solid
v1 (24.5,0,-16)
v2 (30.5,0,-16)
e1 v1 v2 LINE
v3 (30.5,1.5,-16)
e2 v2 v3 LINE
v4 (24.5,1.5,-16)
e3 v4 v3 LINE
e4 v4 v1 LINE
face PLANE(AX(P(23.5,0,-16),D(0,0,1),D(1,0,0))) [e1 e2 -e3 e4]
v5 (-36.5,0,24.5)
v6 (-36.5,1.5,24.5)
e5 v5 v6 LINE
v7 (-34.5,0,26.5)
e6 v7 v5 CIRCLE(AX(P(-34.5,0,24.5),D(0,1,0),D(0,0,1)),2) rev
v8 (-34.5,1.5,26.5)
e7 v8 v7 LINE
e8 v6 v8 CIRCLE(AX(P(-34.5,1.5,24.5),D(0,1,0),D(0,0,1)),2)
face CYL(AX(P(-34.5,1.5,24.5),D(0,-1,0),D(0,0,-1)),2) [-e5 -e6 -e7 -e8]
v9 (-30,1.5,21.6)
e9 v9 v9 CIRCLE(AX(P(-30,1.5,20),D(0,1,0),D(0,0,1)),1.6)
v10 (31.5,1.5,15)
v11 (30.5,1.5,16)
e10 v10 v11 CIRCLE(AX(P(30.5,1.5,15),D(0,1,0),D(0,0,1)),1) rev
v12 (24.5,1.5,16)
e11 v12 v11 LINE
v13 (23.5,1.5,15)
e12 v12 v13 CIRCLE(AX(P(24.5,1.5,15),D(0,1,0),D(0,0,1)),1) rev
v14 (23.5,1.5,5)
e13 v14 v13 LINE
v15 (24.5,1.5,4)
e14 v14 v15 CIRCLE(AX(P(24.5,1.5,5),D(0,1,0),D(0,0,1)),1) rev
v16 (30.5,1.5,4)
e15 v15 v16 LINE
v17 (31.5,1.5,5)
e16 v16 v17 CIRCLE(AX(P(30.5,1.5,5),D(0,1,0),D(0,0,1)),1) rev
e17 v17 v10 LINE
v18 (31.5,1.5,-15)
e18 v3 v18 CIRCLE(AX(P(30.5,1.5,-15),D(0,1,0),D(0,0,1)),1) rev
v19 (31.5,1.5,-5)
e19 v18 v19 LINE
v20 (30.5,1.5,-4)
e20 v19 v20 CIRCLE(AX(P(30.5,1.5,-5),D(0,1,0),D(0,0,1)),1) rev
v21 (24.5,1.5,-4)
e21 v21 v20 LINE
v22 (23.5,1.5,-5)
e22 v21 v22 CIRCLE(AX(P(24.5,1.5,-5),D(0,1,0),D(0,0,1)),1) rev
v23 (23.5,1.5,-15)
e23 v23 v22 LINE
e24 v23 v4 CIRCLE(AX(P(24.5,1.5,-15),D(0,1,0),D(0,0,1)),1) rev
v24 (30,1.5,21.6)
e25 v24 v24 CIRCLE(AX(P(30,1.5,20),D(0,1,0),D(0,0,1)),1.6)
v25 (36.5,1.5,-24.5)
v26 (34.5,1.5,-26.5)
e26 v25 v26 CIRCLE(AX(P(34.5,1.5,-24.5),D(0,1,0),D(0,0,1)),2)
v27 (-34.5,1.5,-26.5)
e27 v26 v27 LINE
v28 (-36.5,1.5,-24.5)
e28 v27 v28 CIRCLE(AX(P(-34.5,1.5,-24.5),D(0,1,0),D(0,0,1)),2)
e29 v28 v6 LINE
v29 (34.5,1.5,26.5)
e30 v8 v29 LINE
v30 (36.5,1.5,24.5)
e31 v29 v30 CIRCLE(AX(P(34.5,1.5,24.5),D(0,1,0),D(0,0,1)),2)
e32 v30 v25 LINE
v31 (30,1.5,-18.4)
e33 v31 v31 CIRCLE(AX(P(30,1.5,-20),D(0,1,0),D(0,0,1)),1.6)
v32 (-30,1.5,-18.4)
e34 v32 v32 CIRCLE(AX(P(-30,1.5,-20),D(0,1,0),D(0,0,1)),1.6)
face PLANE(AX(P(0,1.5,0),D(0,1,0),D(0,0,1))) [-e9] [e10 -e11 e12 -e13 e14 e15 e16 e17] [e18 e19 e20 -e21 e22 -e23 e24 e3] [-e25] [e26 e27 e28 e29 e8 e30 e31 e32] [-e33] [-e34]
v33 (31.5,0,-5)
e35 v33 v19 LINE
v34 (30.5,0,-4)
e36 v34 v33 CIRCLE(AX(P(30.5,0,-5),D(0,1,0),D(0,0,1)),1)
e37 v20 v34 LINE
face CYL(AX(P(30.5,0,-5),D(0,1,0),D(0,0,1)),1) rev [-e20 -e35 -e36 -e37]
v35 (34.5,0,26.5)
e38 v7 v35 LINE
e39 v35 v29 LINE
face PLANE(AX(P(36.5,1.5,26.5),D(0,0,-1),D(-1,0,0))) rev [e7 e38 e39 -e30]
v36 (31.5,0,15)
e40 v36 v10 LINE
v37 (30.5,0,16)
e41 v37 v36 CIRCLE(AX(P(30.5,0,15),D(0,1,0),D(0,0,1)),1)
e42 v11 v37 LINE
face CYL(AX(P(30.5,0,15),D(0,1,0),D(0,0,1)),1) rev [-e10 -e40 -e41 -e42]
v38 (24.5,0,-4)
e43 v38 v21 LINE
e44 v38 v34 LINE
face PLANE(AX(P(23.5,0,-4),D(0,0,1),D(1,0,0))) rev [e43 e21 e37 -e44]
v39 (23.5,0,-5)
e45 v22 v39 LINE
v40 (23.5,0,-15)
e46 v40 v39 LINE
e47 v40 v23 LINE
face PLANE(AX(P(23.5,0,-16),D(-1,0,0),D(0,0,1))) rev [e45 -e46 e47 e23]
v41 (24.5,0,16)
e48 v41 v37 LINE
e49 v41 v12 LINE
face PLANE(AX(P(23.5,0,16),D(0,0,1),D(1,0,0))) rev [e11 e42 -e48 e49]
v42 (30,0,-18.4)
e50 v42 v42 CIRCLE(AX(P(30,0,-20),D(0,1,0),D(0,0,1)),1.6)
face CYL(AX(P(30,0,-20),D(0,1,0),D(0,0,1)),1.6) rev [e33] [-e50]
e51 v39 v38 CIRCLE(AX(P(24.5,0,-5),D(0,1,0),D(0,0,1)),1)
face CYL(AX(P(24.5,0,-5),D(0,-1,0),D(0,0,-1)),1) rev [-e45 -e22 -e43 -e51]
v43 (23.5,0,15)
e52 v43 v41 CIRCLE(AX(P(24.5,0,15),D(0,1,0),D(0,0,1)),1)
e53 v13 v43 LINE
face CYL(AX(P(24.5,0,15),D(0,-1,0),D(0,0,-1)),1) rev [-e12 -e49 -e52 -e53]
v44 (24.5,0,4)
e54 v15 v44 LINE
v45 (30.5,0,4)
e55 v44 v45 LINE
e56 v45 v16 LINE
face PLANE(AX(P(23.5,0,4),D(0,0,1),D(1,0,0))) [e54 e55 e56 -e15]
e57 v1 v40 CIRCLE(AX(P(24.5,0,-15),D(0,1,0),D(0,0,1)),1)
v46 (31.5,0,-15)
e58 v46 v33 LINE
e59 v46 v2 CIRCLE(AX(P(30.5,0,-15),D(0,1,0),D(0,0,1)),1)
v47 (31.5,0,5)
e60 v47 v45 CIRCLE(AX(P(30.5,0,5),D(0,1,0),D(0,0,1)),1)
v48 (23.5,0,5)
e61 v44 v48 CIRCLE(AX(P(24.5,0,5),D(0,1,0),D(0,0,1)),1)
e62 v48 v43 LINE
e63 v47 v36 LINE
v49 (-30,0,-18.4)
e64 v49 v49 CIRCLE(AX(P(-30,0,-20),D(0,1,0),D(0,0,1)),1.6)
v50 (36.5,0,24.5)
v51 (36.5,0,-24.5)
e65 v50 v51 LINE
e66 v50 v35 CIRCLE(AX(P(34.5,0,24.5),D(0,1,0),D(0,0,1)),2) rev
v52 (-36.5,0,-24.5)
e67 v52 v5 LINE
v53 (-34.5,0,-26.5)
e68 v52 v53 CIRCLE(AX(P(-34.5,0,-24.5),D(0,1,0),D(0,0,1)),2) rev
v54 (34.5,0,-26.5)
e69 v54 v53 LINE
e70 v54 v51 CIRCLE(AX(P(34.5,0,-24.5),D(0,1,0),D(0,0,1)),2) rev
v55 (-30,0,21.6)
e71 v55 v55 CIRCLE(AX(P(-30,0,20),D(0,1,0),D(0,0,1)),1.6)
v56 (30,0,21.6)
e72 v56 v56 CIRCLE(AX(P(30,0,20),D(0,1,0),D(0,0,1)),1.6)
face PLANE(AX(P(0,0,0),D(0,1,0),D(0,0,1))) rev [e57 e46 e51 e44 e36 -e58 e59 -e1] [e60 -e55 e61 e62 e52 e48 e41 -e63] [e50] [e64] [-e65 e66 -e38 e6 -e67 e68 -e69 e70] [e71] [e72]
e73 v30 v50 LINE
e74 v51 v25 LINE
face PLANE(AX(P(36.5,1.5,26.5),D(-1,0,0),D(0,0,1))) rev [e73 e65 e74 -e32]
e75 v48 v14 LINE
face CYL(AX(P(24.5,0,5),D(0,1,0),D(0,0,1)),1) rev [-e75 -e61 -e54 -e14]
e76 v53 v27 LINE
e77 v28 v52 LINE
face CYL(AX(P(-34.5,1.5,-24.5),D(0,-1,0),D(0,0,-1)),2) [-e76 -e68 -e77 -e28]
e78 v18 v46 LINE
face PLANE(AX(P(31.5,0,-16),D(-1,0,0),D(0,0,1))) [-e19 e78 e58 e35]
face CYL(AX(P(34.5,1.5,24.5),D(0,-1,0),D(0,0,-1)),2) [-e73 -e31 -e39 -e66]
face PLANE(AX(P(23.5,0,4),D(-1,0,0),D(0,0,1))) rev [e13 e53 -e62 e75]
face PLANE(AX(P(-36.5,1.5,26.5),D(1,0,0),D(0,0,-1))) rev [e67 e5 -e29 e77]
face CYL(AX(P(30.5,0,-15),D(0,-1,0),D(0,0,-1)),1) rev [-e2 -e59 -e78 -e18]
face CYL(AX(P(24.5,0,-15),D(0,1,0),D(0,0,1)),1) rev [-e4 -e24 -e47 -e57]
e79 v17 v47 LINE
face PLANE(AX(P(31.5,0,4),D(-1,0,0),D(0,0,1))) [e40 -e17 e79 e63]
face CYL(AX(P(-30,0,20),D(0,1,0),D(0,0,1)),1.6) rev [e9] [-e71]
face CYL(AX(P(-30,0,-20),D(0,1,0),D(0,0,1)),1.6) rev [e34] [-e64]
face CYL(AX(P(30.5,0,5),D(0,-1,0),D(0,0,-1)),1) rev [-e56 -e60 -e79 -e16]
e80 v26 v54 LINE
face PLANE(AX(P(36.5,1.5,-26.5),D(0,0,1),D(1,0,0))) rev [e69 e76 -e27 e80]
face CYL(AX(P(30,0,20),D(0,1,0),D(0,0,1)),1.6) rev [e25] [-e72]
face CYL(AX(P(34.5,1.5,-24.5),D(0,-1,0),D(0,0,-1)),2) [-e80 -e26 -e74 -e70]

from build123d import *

# Parameters (mm, degrees)
SKETCH_1_W                     = 73
SKETCH_1_H                     = 53
EXTRUDE_1_DEPTH                = 1.5
FILLET_1_R                     = 2
SKETCH_2_R                     = 1.6
CUT_EXTRUDE_1_DEPTH            = 46.130366717
PATTERN_LINEAR_1_COUNT         = 2
PATTERN_LINEAR_1_PITCH         = 60
PATTERN_LINEAR_1_COUNT_DIR2    = 2
PATTERN_LINEAR_1_PITCH_DIR2    = 40
SKETCH_3_W                     = 8
SKETCH_3_H                     = 12
CUT_EXTRUDE_2_DEPTH            = 46.130366717
FILLET_2_R                     = 1
PATTERN_LINEAR_2_COUNT         = 2
PATTERN_LINEAR_2_PITCH         = 20
FILLET_2_OF_PATTERN_LINEAR_2_R = 1


with BuildPart() as part:
    # 草图1 → 凸台-拉伸1 (new body)
    with BuildSketch(Plane(origin=(0, 0, 0), x_dir=(1, 0, 0), z_dir=(0, 1, 0))):
        Rectangle(SKETCH_1_W, SKETCH_1_H)
    extrude(amount=EXTRUDE_1_DEPTH)

    # 圆角1
    fillet_1_edges = [part.edges().sort_by_distance(p)[0] for p in [
        (-36.5, 0.75, -26.5),
        (36.5, 0.75, -26.5),
        (36.5, 0.75, 26.5),
        (-36.5, 0.75, 26.5),
    ]]
    fillet(fillet_1_edges, radius=FILLET_1_R)

    # 草图2 → 切除-拉伸1 (cut, through all)
    with BuildSketch(Plane(origin=(0, 1.5, 0), x_dir=(1, 0, 0), z_dir=(0, 1, 0))):
        with Locations(Location((-30, 20, 0), (0, 0, 270))):
            Circle(SKETCH_2_R)
    cut_extrude_1 = extrude(amount=-CUT_EXTRUDE_1_DEPTH, mode=Mode.SUBTRACT)

    # 阵列(线性)1: Cut-Extrude 1 2 × 2
    with Locations(*[(i * PATTERN_LINEAR_1_PITCH, 0, j * PATTERN_LINEAR_1_PITCH_DIR2) for i in range(PATTERN_LINEAR_1_COUNT) for j in range(PATTERN_LINEAR_1_COUNT_DIR2) if (i, j) != (0, 0)]):
        add(cut_extrude_1, mode=Mode.SUBTRACT)

    # 草图3 → 切除-拉伸2 (cut, through all)
    with BuildSketch(Plane(origin=(0, 1.5, 0), x_dir=(1, 0, 0), z_dir=(0, 1, 0))):
        with Locations((27.5, 10)):
            Rectangle(SKETCH_3_W, SKETCH_3_H)
    cut_extrude_2 = extrude(amount=-CUT_EXTRUDE_2_DEPTH, mode=Mode.SUBTRACT)

    # 圆角2
    fillet_2_edges = [part.edges().sort_by_distance(p)[0] for p in [
        (23.5, 0.75, -4),
        (23.5, 0.75, -16),
        (31.5, 0.75, -16),
        (31.5, 0.75, -4),
    ]]
    fillet(fillet_2_edges, radius=FILLET_2_R)

    # 阵列(线性)2: 切除-拉伸2 ×2
    with Locations(*[(0, 0, i * PATTERN_LINEAR_2_PITCH) for i in range(1, PATTERN_LINEAR_2_COUNT)]):
        add(cut_extrude_2, mode=Mode.SUBTRACT)

    # 圆角2 of 阵列(线性)2
    fillet_2_of_pattern_linear_2_edges = [part.edges().sort_by_distance(p)[0] for p in [
        (23.5, 0.75, 16),
        (23.5, 0.75, 4),
        (31.5, 0.75, 4),
        (31.5, 0.75, 16),
    ]]
    fillet(fillet_2_of_pattern_linear_2_edges, radius=FILLET_2_OF_PATTERN_LINEAR_2_R)


solid = part.part
